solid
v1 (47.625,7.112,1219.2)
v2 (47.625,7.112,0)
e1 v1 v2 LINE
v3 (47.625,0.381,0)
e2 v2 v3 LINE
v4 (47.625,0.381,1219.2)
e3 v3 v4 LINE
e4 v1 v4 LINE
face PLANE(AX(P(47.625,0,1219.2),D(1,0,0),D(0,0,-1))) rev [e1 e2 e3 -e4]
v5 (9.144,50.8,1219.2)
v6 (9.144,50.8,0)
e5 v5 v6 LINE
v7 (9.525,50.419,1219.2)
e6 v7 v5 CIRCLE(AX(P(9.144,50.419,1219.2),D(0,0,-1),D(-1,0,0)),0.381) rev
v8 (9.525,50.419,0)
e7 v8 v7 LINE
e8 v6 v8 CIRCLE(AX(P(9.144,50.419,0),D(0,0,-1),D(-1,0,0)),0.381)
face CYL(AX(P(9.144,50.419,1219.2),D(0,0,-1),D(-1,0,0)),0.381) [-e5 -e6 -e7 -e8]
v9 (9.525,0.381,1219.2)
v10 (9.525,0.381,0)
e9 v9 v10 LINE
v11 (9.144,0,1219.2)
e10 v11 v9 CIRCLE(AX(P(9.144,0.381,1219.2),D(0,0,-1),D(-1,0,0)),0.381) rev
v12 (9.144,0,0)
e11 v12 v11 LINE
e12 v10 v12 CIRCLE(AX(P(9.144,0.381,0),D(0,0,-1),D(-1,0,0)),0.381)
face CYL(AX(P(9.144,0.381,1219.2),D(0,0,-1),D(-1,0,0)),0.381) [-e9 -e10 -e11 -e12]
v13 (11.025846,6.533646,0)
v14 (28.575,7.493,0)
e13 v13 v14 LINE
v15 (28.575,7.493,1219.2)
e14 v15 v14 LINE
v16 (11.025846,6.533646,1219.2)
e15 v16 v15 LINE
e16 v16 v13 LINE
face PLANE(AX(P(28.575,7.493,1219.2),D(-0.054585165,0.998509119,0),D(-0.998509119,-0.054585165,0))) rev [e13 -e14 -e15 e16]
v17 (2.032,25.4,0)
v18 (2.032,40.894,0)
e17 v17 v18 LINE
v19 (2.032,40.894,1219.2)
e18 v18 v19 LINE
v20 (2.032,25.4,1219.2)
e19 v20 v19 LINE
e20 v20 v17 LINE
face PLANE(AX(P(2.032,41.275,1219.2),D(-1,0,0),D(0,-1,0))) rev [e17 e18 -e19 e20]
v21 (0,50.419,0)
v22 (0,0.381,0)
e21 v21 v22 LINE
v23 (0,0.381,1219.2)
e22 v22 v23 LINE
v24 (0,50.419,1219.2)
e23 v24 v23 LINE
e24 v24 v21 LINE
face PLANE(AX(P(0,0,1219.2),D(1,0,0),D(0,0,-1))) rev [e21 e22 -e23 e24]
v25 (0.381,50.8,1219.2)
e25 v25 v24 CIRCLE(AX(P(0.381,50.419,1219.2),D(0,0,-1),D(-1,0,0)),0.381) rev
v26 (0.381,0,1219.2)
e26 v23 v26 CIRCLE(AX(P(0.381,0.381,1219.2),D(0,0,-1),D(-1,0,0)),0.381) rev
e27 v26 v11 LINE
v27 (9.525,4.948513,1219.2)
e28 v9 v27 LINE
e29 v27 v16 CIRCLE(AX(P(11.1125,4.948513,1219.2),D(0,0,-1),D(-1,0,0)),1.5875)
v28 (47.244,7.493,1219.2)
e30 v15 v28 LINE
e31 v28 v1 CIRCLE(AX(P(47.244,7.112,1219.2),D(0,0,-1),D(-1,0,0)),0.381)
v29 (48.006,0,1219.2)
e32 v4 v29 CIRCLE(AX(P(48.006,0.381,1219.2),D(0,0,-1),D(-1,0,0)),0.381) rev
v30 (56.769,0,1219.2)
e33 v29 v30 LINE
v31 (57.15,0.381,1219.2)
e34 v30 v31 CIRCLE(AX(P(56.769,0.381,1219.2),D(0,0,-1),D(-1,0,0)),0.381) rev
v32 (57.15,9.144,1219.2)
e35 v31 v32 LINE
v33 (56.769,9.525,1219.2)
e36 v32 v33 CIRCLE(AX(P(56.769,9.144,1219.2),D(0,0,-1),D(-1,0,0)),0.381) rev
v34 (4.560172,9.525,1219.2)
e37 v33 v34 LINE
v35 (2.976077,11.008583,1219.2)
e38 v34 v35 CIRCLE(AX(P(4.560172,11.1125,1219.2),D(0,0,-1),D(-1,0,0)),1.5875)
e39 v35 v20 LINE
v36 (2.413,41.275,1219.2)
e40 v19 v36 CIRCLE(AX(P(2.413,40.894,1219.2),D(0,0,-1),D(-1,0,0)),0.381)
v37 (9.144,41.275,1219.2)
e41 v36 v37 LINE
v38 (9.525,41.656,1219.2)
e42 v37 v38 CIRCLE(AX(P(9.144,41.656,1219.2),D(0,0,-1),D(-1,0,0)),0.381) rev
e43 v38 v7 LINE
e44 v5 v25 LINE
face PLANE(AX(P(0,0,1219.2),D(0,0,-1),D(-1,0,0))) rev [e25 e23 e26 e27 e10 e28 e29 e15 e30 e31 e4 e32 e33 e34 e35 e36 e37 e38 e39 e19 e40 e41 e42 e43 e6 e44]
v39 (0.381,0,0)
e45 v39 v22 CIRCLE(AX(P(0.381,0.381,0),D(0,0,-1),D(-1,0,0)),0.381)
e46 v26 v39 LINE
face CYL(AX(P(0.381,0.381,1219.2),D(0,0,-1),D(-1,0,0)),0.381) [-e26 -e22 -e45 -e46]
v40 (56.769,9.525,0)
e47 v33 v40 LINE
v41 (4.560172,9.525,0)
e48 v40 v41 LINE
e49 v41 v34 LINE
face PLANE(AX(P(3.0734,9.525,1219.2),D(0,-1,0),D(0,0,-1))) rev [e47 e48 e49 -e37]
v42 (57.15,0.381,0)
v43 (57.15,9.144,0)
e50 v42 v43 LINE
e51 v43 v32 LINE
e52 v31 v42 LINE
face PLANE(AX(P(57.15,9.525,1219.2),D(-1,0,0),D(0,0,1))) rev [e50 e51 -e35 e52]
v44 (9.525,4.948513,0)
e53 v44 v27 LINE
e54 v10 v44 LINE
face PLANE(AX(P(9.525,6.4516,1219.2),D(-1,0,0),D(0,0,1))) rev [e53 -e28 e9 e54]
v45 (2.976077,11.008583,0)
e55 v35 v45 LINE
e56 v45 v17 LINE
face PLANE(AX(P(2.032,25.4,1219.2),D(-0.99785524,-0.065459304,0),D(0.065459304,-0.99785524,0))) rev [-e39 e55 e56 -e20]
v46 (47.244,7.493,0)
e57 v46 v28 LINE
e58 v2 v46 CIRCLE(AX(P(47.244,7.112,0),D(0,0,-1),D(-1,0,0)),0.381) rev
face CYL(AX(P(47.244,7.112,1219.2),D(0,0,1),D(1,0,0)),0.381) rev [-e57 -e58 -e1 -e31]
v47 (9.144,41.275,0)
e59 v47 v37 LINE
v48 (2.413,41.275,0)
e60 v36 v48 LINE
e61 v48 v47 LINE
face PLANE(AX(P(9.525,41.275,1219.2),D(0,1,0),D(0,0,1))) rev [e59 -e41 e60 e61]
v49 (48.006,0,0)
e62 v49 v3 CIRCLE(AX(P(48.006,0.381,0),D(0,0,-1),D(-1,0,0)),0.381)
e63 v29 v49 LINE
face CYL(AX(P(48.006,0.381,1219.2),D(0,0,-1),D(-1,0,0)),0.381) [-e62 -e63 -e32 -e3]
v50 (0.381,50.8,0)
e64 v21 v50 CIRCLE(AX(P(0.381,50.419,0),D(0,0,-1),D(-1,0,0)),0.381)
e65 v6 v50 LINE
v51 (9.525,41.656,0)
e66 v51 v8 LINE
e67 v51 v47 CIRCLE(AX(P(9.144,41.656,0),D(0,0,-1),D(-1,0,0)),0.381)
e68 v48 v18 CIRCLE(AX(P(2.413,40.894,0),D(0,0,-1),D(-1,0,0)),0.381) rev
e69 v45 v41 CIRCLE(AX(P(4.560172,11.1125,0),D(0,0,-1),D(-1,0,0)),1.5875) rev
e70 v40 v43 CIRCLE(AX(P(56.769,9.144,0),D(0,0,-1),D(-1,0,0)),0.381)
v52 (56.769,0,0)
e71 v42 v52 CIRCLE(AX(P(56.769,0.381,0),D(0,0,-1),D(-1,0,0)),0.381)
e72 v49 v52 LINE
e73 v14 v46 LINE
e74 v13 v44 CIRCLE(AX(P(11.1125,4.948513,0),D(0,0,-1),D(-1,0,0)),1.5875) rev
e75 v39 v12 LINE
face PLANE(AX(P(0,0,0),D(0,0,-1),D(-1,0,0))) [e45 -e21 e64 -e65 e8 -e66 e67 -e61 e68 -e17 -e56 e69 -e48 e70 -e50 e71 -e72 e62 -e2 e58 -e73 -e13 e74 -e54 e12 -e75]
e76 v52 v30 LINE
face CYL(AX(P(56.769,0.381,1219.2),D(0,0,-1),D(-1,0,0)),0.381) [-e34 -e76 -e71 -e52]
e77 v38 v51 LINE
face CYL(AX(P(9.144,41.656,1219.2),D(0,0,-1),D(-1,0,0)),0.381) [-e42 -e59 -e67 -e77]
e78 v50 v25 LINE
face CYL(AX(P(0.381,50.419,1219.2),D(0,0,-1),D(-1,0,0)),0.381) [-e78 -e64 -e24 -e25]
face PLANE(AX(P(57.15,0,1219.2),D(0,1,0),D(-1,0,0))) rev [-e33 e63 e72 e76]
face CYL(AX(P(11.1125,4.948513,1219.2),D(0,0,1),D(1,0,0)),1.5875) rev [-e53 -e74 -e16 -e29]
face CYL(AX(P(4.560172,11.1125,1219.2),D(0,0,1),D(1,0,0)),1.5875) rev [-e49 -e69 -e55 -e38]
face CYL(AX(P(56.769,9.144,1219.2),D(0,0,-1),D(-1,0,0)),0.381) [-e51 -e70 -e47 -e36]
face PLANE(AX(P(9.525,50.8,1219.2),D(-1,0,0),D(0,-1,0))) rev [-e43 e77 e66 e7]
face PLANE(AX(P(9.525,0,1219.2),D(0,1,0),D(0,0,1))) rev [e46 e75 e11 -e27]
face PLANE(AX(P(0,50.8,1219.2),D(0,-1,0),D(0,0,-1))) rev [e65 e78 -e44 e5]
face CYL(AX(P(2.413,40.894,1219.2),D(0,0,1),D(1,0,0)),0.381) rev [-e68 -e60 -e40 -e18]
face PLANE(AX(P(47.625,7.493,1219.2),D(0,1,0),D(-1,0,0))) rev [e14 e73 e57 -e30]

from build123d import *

# Parameters (mm, degrees)
BOSS_EXTRUDE1_DEPTH = 1219.2
FILLET1_R           = 0.381
FILLET2_R           = 1.5875


with BuildPart() as part:
    # Sketch2 → Boss-Extrude1 (new body)
    with BuildSketch(Plane.XY):
        Polygon((0, 0), (0, 50.8), (9.525, 50.8), (9.525, 41.275), (2.032, 41.275), (2.032, 25.4), (3.0734, 9.525), (57.15, 9.525), (57.15, 0), (47.625, 0), (47.625, 7.493), (28.575, 7.493), (9.525, 6.4516), (9.525, 0), align=None)
    extrude(amount=BOSS_EXTRUDE1_DEPTH)

    # Fillet1
    fillet1_edges = [part.edges().sort_by_distance(p)[0] for p in [
        (0, 0, 609.6),
        (0, 50.8, 609.6),
        (9.525, 50.8, 609.6),
        (9.525, 41.275, 609.6),
        (2.032, 41.275, 609.6),
        (57.15, 9.525, 609.6),
        (57.15, 0, 609.6),
        (47.625, 0, 609.6),
        (47.625, 7.493, 609.6),
        (9.525, 0, 609.6),
    ]]
    fillet(fillet1_edges, radius=FILLET1_R)

    # Fillet2
    fillet2_edges = [part.edges().sort_by_distance(p)[0] for p in [
        (3.0734, 9.525, 609.6),
        (9.525, 6.4516, 609.6),
    ]]
    fillet(fillet2_edges, radius=FILLET2_R)


solid = part.part
